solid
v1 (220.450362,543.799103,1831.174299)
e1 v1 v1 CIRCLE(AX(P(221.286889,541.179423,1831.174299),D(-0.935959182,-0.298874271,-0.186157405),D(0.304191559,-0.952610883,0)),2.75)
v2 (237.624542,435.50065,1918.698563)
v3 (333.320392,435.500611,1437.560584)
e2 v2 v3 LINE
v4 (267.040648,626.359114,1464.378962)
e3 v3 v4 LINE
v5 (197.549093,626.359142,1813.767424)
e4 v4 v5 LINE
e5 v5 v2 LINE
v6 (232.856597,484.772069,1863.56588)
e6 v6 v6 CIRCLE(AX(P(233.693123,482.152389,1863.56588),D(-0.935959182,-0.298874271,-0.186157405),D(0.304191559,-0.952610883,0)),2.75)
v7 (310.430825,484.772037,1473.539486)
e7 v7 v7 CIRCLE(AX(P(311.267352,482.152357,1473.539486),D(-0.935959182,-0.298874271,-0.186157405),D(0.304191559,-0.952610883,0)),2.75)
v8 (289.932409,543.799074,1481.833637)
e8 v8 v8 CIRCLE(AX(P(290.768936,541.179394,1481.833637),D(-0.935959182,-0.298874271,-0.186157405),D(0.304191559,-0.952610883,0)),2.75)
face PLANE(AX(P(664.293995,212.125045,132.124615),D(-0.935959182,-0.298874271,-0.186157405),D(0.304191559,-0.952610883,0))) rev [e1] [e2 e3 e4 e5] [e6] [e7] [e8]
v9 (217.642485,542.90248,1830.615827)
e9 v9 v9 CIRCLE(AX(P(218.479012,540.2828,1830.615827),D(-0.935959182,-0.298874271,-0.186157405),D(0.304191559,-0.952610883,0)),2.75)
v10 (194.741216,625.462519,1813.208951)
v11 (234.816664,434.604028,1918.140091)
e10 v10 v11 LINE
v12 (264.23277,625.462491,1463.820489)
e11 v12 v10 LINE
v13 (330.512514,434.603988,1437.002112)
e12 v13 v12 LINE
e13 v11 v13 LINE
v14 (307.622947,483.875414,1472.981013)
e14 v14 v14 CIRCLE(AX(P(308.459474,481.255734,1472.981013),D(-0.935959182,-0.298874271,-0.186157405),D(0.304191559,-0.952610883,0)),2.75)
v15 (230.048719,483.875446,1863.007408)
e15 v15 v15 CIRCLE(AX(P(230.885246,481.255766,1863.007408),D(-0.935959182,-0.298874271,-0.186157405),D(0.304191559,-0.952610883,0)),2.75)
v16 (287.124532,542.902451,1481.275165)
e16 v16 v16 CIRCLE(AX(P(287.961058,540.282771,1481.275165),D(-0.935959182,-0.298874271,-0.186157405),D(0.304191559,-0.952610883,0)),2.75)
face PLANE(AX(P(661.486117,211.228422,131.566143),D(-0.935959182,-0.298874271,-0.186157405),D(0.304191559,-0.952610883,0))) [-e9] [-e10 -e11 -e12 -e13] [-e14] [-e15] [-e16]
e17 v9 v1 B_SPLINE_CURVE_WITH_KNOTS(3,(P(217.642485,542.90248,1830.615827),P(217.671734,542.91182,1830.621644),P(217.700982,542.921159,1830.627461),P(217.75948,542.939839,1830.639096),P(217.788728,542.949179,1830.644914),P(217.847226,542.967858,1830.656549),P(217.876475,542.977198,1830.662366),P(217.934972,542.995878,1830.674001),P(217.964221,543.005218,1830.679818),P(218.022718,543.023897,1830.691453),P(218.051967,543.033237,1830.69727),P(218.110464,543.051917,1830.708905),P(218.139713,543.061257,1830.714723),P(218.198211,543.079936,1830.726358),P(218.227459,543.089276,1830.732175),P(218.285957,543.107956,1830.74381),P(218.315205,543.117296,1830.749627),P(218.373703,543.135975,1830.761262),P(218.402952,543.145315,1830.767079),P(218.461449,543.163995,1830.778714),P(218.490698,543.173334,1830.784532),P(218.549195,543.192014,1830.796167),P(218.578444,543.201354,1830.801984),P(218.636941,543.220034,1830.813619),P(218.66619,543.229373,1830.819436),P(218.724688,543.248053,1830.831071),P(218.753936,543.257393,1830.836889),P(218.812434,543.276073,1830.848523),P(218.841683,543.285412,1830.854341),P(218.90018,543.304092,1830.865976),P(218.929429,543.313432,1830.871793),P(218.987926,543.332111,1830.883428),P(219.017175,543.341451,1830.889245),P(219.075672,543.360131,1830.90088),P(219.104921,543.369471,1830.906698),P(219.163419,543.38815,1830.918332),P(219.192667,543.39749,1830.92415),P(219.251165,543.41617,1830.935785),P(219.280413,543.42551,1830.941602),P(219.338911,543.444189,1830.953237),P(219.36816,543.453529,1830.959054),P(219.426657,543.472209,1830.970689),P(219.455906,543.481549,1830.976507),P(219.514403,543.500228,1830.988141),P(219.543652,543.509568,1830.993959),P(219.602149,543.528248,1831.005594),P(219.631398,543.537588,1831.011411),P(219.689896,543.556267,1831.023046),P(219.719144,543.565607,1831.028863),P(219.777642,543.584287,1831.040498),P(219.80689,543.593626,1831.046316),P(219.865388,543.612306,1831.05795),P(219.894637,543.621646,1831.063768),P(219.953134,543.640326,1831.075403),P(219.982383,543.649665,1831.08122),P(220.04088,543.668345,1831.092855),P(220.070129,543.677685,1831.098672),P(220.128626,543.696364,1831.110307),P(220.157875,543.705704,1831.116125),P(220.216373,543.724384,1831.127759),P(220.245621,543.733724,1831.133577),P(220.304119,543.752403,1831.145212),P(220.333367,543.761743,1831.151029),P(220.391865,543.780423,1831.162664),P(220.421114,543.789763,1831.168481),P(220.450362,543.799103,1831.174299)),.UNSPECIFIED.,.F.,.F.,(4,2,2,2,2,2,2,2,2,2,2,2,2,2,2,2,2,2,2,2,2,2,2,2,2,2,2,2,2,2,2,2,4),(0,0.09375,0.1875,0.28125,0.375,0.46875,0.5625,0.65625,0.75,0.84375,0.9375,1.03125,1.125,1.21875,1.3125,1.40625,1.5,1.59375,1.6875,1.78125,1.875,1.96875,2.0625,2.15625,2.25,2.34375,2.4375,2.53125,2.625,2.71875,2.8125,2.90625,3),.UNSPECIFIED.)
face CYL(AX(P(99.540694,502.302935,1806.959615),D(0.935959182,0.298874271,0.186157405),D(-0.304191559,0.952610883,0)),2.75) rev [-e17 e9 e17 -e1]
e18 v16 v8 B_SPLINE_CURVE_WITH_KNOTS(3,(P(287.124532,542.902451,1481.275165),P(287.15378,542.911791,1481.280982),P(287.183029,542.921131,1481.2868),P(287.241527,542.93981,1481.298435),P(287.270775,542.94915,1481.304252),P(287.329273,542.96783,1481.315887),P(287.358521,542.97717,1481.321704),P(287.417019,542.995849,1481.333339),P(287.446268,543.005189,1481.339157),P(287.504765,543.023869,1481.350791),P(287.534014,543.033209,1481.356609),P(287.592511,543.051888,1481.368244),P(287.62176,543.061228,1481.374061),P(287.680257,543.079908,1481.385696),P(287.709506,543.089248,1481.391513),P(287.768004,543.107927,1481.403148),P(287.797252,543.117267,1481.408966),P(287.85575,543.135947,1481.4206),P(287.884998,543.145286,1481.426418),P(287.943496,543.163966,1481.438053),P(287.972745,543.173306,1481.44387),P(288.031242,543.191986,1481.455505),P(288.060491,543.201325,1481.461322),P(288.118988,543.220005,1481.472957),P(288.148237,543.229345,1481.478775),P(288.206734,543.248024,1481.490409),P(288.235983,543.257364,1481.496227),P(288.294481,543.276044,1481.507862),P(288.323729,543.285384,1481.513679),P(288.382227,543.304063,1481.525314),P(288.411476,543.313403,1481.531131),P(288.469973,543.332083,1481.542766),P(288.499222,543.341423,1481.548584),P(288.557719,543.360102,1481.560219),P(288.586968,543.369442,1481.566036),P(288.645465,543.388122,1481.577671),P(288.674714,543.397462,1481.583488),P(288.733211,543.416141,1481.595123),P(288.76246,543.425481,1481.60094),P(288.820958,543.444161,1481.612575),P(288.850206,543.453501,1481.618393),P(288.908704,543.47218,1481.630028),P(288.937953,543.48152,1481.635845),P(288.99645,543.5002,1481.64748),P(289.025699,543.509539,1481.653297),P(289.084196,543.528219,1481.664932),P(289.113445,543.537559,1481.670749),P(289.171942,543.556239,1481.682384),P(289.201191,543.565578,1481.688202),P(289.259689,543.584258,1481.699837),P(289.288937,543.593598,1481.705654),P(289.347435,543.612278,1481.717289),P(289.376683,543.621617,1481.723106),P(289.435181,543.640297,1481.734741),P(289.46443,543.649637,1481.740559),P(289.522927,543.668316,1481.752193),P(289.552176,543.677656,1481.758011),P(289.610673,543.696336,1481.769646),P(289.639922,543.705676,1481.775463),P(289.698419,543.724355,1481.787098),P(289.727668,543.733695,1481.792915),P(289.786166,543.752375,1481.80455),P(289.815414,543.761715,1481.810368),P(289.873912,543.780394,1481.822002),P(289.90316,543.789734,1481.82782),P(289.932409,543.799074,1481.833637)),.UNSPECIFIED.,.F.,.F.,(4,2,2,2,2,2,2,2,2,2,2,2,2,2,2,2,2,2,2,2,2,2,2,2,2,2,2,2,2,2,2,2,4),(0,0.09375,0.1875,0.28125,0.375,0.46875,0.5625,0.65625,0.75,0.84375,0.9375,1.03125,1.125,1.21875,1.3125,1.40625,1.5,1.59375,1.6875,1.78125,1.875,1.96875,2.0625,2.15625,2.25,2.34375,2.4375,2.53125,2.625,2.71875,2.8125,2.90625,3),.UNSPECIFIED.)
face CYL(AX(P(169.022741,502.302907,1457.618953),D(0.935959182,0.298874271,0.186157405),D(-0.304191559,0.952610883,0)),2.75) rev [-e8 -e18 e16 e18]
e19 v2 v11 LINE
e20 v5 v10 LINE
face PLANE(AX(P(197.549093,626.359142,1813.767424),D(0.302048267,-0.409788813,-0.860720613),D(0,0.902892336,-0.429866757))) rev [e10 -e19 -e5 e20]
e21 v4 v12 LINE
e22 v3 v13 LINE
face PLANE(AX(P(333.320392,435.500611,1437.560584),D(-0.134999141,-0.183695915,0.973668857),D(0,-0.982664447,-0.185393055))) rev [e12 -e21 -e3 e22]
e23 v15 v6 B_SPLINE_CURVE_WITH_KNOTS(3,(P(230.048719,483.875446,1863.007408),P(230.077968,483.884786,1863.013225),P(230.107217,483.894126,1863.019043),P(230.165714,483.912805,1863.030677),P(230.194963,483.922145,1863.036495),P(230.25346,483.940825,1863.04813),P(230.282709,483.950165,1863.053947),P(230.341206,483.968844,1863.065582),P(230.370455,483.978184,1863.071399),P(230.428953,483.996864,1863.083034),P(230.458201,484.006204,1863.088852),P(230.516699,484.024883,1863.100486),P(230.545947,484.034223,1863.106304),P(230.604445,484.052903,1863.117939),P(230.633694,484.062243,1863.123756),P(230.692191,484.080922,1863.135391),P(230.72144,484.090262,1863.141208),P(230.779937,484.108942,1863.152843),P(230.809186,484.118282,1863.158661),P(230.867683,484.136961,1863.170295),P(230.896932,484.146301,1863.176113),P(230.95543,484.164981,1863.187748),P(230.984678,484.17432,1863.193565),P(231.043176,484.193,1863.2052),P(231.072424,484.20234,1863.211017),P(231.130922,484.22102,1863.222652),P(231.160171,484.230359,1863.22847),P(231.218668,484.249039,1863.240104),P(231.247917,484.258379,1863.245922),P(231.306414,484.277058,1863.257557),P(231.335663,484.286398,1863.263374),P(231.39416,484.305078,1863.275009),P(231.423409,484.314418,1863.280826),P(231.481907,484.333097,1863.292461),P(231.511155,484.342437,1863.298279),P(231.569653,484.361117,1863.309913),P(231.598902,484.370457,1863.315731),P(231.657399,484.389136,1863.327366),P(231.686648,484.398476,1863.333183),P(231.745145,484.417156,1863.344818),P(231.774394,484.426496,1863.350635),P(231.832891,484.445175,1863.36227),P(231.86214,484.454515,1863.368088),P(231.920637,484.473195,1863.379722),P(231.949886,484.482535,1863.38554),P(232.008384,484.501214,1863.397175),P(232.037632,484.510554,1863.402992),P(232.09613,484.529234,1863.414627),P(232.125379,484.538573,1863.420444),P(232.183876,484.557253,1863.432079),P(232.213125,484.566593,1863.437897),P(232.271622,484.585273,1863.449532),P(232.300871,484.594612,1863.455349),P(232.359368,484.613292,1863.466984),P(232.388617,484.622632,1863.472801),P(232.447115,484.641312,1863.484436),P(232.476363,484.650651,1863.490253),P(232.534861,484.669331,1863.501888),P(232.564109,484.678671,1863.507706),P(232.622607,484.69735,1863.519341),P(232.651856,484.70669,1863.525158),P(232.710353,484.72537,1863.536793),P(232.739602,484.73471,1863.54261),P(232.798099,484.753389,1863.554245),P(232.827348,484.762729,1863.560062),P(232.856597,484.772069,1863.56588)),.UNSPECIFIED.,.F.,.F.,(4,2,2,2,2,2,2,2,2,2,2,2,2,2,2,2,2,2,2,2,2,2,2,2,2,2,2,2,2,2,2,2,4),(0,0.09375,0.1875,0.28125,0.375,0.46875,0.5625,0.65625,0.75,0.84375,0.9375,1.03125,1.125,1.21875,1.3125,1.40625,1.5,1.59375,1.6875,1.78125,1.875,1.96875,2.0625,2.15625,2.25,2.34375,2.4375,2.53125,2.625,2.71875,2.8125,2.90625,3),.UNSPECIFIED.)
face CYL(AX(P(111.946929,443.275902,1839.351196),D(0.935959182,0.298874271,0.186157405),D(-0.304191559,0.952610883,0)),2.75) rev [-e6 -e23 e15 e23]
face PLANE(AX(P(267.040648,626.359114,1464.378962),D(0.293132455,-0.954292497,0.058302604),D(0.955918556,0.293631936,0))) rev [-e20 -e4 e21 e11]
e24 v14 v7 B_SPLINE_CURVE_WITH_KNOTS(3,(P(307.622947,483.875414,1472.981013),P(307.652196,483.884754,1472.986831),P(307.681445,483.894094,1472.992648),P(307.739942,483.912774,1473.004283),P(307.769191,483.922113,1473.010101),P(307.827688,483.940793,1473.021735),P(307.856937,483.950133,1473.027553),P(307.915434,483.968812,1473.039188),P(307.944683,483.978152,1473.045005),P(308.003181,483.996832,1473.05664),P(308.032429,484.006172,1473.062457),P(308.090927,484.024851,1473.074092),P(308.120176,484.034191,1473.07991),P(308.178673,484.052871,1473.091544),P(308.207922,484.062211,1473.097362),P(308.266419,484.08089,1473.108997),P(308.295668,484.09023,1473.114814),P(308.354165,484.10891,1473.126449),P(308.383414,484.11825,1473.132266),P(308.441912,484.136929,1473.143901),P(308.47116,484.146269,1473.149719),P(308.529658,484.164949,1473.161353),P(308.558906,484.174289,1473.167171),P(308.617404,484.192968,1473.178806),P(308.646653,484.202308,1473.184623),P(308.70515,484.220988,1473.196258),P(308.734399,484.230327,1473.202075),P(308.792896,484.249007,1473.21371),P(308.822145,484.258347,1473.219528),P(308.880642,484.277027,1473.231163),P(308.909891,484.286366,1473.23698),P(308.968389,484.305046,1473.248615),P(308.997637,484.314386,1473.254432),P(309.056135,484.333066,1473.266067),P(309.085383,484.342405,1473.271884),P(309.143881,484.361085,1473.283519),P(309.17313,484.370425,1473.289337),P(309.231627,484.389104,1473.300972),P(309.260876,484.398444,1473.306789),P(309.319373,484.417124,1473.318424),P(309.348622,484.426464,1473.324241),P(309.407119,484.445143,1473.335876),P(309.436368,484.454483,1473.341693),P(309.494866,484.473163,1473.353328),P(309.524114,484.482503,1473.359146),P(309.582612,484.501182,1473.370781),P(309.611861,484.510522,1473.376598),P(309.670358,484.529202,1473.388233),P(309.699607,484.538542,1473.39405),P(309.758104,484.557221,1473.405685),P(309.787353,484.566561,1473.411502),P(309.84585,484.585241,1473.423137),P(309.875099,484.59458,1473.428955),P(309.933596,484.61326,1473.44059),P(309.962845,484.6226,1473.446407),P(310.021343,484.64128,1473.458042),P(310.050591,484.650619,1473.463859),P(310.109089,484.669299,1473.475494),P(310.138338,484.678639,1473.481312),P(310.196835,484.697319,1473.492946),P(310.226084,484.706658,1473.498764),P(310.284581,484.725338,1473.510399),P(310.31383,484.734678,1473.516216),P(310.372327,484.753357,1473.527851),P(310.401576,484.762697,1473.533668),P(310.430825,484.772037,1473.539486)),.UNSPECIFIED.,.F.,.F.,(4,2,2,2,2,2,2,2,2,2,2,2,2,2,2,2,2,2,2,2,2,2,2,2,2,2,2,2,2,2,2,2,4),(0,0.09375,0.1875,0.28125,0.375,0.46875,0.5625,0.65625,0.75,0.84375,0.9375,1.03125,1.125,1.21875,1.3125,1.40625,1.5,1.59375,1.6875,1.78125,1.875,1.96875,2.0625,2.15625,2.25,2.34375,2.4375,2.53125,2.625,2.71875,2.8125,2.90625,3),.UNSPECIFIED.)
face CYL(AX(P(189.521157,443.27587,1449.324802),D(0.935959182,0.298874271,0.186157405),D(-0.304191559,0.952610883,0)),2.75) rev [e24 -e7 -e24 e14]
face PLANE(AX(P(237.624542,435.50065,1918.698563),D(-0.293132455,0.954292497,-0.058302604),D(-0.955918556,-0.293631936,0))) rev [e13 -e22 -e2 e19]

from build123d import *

# Parameters (mm, degrees)
BOSS_EXTRUDE1_DEPTH     = 3
CUT_EXTRUDE1_DEPTH      = 1894.152557487
CUT_EXTRUDE1_DEPTH_BACK = 1894.152557487
SKETCH3_R               = 2.75


with BuildPart() as part:
    # Sketch1 → Boss-Extrude1 (new body)
    with BuildSketch(Plane(origin=(661.48611704, 211.228421756, 131.566142626), x_dir=(0.17733557040624817, 0.05662751143705051, -0.9825199338523047), z_dir=(0.9359591821601212, 0.2988742708017776, 0.1861574053935612))):
        Polygon((-1711.561008488, 536.583768948), (-1818.35898353, 342.579279309), (-1328.661052703, 313.46937198), (-1355.956557086, 515.444997525), align=None)
    extrude(amount=BOSS_EXTRUDE1_DEPTH)

    # Sketch3 → Cut-Extrude1 (cut, two sides: drawn at the far end of the back side and taken through both)
    with BuildSketch(Plane(origin=(661.48611704, 211.228421756, 131.566142626), x_dir=(0.17733557040624817, 0.05662751143705051, -0.9825199338523047), z_dir=(0.9359591821601212, 0.2988742708017776, 0.1861574053935612)).offset(-CUT_EXTRUDE1_DEPTH_BACK)):
        with Locations(Location((-1729.277570286, 448.219803938, 0), (0, 0, 90))):
            Circle(SKETCH3_R)
        with Locations(Location((-1762.245431769, 388.21613765, 0), (0, 0, 90))):
            Circle(SKETCH3_R)
        with Locations(Location((-1365.280056563, 364.618681835, 0), (0, 0, 90))):
            Circle(SKETCH3_R)
        with Locations(Location((-1373.721769773, 427.083924548, 0), (0, 0, 90))):
            Circle(SKETCH3_R)
    extrude(amount=CUT_EXTRUDE1_DEPTH + CUT_EXTRUDE1_DEPTH_BACK, mode=Mode.SUBTRACT)


solid = part.part
